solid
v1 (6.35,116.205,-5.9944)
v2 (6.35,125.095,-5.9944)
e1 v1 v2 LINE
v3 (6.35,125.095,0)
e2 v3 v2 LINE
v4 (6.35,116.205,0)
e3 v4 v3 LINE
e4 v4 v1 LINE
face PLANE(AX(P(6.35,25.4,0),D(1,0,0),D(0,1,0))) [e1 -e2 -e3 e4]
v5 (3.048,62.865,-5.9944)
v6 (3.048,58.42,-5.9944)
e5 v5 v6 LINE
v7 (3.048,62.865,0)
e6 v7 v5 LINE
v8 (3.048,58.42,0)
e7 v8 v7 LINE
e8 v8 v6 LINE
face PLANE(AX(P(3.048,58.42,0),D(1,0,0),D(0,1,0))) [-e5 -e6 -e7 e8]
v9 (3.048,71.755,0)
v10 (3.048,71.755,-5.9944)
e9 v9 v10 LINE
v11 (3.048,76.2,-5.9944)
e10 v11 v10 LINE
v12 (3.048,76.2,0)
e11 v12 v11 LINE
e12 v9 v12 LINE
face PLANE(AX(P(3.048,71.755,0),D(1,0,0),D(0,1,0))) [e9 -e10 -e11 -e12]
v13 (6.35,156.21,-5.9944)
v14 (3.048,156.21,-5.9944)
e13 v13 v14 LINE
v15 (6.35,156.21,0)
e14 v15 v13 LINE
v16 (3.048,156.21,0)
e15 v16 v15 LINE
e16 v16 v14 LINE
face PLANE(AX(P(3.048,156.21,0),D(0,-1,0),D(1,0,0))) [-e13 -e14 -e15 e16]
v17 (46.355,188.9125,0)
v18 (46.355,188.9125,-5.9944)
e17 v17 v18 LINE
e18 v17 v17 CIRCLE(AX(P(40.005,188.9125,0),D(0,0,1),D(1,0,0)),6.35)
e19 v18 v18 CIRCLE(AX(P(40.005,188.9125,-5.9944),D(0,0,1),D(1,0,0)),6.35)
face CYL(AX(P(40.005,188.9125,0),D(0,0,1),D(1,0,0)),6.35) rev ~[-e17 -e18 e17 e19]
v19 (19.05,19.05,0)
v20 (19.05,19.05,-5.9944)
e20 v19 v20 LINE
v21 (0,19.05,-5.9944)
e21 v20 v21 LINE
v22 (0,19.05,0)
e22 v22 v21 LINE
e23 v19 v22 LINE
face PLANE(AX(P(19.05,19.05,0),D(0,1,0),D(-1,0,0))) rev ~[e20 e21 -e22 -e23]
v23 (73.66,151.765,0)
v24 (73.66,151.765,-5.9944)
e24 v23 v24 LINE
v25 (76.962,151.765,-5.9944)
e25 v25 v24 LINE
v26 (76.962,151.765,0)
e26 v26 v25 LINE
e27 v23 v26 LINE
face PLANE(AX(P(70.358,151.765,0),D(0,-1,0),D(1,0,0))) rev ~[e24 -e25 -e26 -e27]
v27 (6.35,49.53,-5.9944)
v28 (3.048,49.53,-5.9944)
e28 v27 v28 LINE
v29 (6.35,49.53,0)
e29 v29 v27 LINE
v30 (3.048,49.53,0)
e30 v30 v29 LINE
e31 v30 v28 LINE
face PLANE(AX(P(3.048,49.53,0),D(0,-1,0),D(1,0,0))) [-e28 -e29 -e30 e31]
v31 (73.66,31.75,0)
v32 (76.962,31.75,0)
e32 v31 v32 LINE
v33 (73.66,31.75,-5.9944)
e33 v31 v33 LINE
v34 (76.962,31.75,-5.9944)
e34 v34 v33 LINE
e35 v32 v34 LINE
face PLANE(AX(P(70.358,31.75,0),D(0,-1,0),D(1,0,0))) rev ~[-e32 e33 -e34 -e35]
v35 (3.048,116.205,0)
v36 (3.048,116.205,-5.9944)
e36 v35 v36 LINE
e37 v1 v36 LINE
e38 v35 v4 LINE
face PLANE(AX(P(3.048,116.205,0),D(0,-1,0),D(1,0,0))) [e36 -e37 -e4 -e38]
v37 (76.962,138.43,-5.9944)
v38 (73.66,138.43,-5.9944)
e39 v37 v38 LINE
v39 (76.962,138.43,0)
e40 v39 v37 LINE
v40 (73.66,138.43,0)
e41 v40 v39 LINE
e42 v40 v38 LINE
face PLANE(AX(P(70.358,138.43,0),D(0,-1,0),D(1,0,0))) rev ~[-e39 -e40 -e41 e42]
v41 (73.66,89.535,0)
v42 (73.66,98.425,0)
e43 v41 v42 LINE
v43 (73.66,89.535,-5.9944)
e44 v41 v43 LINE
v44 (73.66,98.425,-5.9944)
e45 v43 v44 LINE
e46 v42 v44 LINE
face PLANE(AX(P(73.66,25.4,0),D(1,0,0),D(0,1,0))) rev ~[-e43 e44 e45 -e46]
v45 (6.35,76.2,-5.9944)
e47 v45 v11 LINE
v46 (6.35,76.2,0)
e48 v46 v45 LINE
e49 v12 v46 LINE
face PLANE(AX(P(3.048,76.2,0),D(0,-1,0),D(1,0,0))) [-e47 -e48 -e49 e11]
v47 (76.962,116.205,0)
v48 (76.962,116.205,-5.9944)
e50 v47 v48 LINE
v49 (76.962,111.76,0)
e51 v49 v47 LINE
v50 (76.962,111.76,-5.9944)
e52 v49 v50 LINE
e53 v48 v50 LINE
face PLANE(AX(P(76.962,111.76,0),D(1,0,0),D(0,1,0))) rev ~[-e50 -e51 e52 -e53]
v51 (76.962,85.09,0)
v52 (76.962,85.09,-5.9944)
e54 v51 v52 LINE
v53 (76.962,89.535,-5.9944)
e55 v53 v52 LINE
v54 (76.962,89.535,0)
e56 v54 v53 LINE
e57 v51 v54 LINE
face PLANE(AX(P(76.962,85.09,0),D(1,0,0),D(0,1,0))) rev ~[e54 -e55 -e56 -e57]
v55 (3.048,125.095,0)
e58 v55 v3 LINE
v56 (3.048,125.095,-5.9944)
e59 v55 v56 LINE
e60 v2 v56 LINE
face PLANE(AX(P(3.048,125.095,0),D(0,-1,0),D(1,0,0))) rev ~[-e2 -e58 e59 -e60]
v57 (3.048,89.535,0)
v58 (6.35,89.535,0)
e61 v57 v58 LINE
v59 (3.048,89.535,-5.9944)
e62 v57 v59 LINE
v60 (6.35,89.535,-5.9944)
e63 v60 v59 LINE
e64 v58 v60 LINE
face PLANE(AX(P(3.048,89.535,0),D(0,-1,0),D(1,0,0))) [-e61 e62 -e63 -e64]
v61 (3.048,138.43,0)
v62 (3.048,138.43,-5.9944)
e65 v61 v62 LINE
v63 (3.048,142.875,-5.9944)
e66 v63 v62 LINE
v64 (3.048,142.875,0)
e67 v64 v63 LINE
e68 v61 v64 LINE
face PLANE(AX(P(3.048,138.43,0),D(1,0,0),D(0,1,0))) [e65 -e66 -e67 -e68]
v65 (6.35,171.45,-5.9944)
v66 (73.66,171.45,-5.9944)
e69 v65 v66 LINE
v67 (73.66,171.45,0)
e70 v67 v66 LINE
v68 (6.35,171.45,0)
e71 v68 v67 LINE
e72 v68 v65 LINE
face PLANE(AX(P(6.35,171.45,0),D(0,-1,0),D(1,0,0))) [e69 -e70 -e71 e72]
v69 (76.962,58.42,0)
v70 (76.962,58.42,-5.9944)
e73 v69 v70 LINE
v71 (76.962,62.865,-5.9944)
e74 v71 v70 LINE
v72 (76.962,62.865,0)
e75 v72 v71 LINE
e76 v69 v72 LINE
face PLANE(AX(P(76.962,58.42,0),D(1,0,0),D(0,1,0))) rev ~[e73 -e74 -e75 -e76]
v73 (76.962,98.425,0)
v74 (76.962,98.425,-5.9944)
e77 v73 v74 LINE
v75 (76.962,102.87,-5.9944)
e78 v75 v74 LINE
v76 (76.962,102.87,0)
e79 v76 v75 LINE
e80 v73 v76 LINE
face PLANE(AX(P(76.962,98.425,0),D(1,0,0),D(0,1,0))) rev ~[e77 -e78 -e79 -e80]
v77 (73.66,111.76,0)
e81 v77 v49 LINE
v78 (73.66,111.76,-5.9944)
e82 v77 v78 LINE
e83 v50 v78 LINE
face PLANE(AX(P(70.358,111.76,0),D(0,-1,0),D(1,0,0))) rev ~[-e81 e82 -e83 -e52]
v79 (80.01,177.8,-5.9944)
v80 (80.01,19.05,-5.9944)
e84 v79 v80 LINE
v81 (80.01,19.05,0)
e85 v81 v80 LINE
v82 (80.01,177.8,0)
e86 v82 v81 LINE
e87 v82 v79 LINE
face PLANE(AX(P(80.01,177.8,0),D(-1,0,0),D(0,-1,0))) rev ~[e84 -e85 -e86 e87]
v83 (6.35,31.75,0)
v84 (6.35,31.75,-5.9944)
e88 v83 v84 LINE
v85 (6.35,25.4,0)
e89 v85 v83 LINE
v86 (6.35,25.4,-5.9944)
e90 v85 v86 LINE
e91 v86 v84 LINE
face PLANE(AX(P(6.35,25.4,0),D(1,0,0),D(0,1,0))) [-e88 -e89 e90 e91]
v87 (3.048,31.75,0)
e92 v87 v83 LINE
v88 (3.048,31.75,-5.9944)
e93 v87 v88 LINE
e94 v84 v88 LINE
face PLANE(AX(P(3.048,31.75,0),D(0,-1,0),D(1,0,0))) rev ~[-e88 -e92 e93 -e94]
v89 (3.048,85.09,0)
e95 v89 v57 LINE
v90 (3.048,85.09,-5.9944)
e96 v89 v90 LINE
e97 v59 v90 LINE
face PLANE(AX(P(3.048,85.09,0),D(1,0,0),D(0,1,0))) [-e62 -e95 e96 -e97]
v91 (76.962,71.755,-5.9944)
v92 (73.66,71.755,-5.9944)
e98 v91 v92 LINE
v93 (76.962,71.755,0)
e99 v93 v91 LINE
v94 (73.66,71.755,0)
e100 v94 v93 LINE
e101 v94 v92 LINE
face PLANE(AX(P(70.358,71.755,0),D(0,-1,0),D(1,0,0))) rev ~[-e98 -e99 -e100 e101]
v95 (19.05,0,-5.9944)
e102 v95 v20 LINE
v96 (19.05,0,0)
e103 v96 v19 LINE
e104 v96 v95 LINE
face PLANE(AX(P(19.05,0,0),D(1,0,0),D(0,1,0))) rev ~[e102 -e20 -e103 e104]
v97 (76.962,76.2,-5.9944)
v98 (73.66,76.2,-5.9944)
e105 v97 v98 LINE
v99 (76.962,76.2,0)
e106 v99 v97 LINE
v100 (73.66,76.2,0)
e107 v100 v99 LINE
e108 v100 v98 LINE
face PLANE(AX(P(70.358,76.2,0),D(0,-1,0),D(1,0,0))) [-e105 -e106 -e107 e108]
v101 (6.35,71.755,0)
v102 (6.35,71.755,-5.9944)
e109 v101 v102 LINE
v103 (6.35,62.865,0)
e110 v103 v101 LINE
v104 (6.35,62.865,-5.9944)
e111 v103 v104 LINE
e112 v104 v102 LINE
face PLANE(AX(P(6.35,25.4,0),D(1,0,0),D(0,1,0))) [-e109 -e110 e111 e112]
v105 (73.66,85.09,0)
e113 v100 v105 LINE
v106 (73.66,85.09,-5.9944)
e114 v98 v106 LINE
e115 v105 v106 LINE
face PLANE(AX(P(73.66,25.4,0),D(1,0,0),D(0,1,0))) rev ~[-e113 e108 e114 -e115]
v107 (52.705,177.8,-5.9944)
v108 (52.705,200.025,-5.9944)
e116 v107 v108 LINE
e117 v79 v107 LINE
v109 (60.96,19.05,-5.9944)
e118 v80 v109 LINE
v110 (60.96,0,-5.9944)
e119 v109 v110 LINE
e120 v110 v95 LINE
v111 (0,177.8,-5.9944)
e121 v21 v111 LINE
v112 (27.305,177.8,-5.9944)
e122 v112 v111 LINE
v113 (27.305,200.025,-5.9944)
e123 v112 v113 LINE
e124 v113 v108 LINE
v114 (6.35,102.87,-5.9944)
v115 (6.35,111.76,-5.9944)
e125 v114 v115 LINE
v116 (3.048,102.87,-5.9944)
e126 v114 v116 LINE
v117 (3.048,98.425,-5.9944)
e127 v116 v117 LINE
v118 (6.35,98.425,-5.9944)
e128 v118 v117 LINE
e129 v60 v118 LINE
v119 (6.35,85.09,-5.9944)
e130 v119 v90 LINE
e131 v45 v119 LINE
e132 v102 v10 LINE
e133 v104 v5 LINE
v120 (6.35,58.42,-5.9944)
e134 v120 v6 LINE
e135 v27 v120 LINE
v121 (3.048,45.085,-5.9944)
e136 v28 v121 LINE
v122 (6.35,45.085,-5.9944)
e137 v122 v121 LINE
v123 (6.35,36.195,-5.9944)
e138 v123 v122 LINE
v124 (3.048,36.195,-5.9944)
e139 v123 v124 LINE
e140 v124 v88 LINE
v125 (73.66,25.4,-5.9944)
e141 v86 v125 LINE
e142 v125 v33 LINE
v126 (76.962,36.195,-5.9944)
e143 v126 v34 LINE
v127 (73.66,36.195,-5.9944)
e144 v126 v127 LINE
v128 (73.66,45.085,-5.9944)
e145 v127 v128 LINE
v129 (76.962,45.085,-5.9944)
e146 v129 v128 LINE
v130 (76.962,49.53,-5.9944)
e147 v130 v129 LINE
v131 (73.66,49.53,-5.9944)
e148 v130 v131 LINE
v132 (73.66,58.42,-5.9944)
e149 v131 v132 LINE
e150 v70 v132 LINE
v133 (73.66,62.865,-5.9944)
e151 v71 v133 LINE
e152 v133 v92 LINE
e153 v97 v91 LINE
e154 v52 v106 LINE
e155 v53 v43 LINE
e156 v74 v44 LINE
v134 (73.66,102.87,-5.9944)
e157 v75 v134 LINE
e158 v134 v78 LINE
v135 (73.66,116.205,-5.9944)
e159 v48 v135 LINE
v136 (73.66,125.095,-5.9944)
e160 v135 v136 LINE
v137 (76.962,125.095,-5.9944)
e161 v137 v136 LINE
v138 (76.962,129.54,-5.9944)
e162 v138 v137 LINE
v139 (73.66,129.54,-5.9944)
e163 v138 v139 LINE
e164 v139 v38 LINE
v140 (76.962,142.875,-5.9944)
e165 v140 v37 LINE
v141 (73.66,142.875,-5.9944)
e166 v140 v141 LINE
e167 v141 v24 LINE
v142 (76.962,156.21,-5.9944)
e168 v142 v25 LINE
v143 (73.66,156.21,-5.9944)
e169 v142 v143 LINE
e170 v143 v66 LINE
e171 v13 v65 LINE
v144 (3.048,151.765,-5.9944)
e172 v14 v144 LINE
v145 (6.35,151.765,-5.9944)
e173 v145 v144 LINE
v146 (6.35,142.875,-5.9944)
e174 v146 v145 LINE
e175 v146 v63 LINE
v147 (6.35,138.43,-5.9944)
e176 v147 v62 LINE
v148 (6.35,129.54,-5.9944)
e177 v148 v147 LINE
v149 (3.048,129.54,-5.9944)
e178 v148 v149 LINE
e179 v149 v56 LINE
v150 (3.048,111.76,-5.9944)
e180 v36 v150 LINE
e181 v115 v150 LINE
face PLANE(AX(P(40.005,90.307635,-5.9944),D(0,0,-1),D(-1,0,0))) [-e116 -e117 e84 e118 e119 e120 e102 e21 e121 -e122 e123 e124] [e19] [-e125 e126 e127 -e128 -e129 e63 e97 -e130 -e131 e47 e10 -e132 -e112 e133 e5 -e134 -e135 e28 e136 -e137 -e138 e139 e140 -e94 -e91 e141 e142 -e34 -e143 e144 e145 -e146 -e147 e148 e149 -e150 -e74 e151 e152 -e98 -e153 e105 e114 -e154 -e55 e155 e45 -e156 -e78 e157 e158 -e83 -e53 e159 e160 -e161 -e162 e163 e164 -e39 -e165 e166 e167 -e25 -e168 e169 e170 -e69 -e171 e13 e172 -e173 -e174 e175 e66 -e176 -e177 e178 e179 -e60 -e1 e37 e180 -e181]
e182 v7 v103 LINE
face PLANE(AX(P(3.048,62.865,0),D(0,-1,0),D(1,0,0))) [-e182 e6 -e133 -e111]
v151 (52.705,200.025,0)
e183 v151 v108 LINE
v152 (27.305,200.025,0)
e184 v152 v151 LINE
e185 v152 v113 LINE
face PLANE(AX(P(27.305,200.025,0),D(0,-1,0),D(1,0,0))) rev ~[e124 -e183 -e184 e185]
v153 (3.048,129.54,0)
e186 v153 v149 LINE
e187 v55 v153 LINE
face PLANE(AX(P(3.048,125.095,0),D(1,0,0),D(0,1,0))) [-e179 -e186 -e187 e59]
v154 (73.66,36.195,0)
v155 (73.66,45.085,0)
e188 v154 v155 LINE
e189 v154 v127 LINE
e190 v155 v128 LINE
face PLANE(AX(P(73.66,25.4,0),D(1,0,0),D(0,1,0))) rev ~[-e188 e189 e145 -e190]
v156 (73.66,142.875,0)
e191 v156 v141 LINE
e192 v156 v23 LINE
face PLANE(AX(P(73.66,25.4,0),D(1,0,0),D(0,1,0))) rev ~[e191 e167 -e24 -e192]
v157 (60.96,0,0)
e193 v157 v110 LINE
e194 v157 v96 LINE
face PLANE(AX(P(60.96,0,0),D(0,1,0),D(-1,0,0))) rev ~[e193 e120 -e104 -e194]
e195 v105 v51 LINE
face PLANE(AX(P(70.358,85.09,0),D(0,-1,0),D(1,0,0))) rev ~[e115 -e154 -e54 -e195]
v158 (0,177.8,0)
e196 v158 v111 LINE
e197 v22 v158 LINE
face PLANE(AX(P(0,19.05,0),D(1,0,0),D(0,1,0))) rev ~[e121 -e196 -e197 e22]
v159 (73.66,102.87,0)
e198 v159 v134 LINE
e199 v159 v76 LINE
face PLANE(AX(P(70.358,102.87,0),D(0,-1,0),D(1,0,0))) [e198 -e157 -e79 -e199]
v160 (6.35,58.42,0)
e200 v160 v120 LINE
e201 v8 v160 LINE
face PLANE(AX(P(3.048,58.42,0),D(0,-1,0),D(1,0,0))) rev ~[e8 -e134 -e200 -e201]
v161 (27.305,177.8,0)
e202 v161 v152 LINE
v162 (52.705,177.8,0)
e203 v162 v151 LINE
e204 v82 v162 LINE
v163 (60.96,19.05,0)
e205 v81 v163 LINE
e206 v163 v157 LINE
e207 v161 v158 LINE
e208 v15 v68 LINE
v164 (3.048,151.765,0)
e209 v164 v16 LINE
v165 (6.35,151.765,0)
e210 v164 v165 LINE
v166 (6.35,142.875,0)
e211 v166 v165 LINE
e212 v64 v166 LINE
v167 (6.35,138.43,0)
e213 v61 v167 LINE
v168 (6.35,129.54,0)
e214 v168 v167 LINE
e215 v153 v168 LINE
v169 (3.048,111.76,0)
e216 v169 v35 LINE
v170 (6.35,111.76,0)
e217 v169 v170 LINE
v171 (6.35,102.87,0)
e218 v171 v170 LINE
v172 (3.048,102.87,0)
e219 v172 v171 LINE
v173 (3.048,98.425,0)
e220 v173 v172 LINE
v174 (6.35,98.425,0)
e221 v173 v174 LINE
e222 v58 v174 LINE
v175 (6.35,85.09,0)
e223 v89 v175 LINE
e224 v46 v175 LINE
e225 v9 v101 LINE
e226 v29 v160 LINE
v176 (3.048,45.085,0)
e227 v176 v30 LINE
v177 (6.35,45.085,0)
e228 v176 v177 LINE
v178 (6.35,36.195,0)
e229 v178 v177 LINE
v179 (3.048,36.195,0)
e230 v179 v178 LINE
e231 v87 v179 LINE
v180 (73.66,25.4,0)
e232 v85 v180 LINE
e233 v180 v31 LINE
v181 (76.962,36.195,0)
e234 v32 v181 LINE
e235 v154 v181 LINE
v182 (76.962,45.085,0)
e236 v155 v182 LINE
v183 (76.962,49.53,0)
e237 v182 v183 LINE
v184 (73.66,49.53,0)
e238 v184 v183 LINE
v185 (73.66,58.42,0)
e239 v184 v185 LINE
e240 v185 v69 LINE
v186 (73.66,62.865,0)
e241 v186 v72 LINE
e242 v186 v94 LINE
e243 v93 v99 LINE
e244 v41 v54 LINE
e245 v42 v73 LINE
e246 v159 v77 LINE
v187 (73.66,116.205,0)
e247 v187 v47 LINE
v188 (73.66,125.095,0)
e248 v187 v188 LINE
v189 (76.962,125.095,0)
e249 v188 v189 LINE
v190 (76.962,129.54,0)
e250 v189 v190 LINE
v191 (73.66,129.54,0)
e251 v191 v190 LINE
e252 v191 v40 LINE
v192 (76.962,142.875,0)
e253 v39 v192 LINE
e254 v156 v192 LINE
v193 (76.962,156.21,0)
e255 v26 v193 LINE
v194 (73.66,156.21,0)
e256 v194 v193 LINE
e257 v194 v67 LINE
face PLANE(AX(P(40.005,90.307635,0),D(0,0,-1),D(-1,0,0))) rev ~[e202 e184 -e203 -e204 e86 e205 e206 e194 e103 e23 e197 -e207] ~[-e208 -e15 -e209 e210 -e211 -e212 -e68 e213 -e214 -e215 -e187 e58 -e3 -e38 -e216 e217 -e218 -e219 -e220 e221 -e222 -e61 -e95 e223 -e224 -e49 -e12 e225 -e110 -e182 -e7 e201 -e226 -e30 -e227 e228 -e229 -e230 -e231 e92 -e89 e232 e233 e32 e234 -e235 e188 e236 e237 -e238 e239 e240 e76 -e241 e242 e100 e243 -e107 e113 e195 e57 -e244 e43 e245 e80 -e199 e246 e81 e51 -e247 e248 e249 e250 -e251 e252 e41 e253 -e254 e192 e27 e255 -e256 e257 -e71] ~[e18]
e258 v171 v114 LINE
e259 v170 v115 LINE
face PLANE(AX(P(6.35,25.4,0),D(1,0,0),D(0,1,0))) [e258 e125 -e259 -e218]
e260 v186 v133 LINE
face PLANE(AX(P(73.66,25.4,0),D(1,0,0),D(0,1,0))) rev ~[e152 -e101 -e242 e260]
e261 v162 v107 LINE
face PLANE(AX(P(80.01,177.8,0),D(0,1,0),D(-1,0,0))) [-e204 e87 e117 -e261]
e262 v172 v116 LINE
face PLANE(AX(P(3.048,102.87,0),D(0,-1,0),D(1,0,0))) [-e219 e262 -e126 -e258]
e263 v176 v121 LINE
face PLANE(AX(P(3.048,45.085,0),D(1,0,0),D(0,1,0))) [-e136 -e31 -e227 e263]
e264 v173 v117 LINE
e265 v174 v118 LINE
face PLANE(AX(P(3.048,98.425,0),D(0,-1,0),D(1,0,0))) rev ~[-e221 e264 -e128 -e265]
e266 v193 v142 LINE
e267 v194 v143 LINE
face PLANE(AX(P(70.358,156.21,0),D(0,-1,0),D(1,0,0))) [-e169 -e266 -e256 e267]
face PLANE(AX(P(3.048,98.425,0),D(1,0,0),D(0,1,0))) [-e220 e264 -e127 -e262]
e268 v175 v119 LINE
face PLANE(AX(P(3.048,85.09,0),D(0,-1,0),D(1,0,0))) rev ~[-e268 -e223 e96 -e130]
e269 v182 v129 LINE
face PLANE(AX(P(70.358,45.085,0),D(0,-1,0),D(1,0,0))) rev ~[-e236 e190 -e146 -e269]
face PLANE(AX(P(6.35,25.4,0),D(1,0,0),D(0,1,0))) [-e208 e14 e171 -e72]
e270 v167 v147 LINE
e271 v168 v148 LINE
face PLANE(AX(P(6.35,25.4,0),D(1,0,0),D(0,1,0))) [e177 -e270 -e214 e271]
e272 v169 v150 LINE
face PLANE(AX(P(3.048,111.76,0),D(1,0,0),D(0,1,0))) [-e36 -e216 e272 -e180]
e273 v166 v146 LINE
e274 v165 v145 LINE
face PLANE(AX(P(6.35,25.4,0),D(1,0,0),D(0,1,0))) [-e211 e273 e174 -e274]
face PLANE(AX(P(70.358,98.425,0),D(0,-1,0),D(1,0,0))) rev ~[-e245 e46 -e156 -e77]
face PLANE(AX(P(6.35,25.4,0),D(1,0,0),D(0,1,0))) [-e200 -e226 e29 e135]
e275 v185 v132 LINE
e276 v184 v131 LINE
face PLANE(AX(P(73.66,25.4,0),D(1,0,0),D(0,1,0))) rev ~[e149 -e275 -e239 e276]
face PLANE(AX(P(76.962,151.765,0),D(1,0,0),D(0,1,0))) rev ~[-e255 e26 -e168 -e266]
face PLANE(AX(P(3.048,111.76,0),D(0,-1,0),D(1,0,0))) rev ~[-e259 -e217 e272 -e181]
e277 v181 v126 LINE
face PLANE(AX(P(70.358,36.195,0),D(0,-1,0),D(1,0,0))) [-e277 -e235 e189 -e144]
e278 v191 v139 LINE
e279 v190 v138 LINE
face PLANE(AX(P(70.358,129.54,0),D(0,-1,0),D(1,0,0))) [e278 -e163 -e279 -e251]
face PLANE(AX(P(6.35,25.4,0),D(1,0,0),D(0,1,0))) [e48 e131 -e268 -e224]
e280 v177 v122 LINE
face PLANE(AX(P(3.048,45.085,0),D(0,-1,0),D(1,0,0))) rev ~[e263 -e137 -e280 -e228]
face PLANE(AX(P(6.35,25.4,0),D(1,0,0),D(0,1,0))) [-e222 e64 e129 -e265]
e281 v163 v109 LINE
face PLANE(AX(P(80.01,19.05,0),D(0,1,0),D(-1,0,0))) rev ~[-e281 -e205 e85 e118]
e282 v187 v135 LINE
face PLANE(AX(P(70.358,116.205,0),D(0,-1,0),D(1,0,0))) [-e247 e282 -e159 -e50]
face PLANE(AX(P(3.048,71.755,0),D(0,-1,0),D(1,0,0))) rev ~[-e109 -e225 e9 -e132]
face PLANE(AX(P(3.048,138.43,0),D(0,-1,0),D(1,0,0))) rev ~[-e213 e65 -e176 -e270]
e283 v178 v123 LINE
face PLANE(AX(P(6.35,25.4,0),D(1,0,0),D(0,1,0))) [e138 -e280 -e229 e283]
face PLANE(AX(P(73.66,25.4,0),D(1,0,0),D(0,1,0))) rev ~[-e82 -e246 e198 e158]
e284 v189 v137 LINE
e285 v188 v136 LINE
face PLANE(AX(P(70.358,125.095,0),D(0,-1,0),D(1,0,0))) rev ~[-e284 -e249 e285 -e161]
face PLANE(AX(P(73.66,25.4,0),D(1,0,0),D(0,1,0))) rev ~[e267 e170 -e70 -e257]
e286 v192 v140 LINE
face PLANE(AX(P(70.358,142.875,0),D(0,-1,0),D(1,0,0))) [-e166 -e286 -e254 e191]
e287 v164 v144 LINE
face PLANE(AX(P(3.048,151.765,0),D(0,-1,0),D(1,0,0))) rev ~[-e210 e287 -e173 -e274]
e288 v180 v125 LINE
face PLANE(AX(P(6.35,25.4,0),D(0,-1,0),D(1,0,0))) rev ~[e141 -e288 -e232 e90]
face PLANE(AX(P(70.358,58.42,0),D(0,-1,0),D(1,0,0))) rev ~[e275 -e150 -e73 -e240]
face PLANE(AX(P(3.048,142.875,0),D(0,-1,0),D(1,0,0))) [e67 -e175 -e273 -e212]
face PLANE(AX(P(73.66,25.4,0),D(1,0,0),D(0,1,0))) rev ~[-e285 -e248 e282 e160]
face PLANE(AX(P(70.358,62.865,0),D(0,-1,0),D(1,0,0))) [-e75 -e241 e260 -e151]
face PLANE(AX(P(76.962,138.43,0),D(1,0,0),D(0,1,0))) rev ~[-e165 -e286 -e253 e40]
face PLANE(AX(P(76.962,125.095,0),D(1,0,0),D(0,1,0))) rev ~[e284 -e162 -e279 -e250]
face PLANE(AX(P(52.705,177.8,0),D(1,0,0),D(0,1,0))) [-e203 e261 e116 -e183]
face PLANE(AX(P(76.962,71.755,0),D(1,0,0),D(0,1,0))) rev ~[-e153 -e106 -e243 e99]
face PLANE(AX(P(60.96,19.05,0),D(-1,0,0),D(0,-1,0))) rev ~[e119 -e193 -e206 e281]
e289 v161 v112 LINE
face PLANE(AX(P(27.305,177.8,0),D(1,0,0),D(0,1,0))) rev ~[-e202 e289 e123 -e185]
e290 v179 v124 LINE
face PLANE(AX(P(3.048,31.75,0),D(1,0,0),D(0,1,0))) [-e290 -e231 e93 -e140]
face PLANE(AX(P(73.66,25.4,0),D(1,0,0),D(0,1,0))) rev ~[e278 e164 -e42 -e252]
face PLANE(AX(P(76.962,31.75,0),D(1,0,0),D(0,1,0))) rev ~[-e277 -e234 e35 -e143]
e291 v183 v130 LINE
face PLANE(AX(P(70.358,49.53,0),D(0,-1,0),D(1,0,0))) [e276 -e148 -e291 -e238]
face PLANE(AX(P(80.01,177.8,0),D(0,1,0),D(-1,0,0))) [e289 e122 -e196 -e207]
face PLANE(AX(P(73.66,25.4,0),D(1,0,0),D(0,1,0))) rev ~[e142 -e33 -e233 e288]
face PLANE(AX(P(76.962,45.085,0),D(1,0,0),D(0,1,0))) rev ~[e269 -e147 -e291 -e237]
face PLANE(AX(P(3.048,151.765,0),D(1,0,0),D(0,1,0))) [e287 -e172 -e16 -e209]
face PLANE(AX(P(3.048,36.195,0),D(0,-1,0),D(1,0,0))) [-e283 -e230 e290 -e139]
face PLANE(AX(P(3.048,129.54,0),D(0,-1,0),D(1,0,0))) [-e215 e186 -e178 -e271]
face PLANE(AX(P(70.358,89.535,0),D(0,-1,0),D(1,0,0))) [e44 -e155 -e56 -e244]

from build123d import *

# Parameters (mm, degrees)
SKETCH1_W           = 67.31
SKETCH1_H           = 146.05
BOSS_EXTRUDE1_DEPTH = 5.9944
SKETCH2_W           = 6.604
SKETCH2_H           = 4.445
CUT_EXTRUDE1_DEPTH  = 6.9944
SKETCH3_W           = 25.4
SKETCH3_H           = 22.225
SKETCH3_R           = 6.35
BOSS_EXTRUDE2_DEPTH = 5.9944


with BuildPart() as part:
    # Sketch1 → Boss-Extrude1 (new body)
    with BuildSketch(Plane.XY):
        Polygon((0, 19.05), (0, 177.8), (6.35, 177.8), (73.66, 177.8), (80.01, 177.8), (80.01, 19.05), (60.96, 19.05), (60.96, 0), (19.05, 0), (19.05, 19.05), align=None)
        with Locations((40.005, 98.425)):
            Rectangle(SKETCH1_W, SKETCH1_H, mode=Mode.SUBTRACT)
    extrude(amount=-BOSS_EXTRUDE1_DEPTH)

    # Sketch2 → Cut-Extrude1 (cut, through all)
    with BuildSketch(Plane.XY):
        with Locations((6.35, 33.9725)):
            Rectangle(SKETCH2_W, SKETCH2_H)
        with Locations((6.35, 47.3075)):
            Rectangle(SKETCH2_W, SKETCH2_H)
        with Locations((6.35, 60.6425)):
            Rectangle(SKETCH2_W, SKETCH2_H)
        with Locations((6.35, 73.9775)):
            Rectangle(SKETCH2_W, SKETCH2_H)
        with Locations((6.35, 87.3125)):
            Rectangle(SKETCH2_W, SKETCH2_H)
        with Locations((6.35, 100.6475)):
            Rectangle(SKETCH2_W, SKETCH2_H)
        with Locations((6.35, 113.9825)):
            Rectangle(SKETCH2_W, SKETCH2_H)
        with Locations((6.35, 127.3175)):
            Rectangle(SKETCH2_W, SKETCH2_H)
        with Locations((6.35, 140.6525)):
            Rectangle(SKETCH2_W, SKETCH2_H)
        with Locations((6.35, 153.9875)):
            Rectangle(SKETCH2_W, SKETCH2_H)
        with Locations((73.66, 153.9875)):
            Rectangle(SKETCH2_W, SKETCH2_H)
        with Locations((73.66, 140.6525)):
            Rectangle(SKETCH2_W, SKETCH2_H)
        with Locations((73.66, 127.3175)):
            Rectangle(SKETCH2_W, SKETCH2_H)
        with Locations((73.66, 113.9825)):
            Rectangle(SKETCH2_W, SKETCH2_H)
        with Locations((73.66, 100.6475)):
            Rectangle(SKETCH2_W, SKETCH2_H)
        with Locations((73.66, 87.3125)):
            Rectangle(SKETCH2_W, SKETCH2_H)
        with Locations((73.66, 73.9775)):
            Rectangle(SKETCH2_W, SKETCH2_H)
        with Locations((73.66, 60.6425)):
            Rectangle(SKETCH2_W, SKETCH2_H)
        with Locations((73.66, 47.3075)):
            Rectangle(SKETCH2_W, SKETCH2_H)
        with Locations((73.66, 33.9725)):
            Rectangle(SKETCH2_W, SKETCH2_H)
    extrude(amount=-CUT_EXTRUDE1_DEPTH, mode=Mode.SUBTRACT)

    # Sketch3 → Boss-Extrude2 (add)
    with BuildSketch(Plane.XY):
        with Locations((40.005, 188.9125)):
            Rectangle(SKETCH3_W, SKETCH3_H)
        with Locations((40.005, 188.9125)):
            Circle(SKETCH3_R, mode=Mode.SUBTRACT)
    extrude(amount=-BOSS_EXTRUDE2_DEPTH)


solid = part.part
